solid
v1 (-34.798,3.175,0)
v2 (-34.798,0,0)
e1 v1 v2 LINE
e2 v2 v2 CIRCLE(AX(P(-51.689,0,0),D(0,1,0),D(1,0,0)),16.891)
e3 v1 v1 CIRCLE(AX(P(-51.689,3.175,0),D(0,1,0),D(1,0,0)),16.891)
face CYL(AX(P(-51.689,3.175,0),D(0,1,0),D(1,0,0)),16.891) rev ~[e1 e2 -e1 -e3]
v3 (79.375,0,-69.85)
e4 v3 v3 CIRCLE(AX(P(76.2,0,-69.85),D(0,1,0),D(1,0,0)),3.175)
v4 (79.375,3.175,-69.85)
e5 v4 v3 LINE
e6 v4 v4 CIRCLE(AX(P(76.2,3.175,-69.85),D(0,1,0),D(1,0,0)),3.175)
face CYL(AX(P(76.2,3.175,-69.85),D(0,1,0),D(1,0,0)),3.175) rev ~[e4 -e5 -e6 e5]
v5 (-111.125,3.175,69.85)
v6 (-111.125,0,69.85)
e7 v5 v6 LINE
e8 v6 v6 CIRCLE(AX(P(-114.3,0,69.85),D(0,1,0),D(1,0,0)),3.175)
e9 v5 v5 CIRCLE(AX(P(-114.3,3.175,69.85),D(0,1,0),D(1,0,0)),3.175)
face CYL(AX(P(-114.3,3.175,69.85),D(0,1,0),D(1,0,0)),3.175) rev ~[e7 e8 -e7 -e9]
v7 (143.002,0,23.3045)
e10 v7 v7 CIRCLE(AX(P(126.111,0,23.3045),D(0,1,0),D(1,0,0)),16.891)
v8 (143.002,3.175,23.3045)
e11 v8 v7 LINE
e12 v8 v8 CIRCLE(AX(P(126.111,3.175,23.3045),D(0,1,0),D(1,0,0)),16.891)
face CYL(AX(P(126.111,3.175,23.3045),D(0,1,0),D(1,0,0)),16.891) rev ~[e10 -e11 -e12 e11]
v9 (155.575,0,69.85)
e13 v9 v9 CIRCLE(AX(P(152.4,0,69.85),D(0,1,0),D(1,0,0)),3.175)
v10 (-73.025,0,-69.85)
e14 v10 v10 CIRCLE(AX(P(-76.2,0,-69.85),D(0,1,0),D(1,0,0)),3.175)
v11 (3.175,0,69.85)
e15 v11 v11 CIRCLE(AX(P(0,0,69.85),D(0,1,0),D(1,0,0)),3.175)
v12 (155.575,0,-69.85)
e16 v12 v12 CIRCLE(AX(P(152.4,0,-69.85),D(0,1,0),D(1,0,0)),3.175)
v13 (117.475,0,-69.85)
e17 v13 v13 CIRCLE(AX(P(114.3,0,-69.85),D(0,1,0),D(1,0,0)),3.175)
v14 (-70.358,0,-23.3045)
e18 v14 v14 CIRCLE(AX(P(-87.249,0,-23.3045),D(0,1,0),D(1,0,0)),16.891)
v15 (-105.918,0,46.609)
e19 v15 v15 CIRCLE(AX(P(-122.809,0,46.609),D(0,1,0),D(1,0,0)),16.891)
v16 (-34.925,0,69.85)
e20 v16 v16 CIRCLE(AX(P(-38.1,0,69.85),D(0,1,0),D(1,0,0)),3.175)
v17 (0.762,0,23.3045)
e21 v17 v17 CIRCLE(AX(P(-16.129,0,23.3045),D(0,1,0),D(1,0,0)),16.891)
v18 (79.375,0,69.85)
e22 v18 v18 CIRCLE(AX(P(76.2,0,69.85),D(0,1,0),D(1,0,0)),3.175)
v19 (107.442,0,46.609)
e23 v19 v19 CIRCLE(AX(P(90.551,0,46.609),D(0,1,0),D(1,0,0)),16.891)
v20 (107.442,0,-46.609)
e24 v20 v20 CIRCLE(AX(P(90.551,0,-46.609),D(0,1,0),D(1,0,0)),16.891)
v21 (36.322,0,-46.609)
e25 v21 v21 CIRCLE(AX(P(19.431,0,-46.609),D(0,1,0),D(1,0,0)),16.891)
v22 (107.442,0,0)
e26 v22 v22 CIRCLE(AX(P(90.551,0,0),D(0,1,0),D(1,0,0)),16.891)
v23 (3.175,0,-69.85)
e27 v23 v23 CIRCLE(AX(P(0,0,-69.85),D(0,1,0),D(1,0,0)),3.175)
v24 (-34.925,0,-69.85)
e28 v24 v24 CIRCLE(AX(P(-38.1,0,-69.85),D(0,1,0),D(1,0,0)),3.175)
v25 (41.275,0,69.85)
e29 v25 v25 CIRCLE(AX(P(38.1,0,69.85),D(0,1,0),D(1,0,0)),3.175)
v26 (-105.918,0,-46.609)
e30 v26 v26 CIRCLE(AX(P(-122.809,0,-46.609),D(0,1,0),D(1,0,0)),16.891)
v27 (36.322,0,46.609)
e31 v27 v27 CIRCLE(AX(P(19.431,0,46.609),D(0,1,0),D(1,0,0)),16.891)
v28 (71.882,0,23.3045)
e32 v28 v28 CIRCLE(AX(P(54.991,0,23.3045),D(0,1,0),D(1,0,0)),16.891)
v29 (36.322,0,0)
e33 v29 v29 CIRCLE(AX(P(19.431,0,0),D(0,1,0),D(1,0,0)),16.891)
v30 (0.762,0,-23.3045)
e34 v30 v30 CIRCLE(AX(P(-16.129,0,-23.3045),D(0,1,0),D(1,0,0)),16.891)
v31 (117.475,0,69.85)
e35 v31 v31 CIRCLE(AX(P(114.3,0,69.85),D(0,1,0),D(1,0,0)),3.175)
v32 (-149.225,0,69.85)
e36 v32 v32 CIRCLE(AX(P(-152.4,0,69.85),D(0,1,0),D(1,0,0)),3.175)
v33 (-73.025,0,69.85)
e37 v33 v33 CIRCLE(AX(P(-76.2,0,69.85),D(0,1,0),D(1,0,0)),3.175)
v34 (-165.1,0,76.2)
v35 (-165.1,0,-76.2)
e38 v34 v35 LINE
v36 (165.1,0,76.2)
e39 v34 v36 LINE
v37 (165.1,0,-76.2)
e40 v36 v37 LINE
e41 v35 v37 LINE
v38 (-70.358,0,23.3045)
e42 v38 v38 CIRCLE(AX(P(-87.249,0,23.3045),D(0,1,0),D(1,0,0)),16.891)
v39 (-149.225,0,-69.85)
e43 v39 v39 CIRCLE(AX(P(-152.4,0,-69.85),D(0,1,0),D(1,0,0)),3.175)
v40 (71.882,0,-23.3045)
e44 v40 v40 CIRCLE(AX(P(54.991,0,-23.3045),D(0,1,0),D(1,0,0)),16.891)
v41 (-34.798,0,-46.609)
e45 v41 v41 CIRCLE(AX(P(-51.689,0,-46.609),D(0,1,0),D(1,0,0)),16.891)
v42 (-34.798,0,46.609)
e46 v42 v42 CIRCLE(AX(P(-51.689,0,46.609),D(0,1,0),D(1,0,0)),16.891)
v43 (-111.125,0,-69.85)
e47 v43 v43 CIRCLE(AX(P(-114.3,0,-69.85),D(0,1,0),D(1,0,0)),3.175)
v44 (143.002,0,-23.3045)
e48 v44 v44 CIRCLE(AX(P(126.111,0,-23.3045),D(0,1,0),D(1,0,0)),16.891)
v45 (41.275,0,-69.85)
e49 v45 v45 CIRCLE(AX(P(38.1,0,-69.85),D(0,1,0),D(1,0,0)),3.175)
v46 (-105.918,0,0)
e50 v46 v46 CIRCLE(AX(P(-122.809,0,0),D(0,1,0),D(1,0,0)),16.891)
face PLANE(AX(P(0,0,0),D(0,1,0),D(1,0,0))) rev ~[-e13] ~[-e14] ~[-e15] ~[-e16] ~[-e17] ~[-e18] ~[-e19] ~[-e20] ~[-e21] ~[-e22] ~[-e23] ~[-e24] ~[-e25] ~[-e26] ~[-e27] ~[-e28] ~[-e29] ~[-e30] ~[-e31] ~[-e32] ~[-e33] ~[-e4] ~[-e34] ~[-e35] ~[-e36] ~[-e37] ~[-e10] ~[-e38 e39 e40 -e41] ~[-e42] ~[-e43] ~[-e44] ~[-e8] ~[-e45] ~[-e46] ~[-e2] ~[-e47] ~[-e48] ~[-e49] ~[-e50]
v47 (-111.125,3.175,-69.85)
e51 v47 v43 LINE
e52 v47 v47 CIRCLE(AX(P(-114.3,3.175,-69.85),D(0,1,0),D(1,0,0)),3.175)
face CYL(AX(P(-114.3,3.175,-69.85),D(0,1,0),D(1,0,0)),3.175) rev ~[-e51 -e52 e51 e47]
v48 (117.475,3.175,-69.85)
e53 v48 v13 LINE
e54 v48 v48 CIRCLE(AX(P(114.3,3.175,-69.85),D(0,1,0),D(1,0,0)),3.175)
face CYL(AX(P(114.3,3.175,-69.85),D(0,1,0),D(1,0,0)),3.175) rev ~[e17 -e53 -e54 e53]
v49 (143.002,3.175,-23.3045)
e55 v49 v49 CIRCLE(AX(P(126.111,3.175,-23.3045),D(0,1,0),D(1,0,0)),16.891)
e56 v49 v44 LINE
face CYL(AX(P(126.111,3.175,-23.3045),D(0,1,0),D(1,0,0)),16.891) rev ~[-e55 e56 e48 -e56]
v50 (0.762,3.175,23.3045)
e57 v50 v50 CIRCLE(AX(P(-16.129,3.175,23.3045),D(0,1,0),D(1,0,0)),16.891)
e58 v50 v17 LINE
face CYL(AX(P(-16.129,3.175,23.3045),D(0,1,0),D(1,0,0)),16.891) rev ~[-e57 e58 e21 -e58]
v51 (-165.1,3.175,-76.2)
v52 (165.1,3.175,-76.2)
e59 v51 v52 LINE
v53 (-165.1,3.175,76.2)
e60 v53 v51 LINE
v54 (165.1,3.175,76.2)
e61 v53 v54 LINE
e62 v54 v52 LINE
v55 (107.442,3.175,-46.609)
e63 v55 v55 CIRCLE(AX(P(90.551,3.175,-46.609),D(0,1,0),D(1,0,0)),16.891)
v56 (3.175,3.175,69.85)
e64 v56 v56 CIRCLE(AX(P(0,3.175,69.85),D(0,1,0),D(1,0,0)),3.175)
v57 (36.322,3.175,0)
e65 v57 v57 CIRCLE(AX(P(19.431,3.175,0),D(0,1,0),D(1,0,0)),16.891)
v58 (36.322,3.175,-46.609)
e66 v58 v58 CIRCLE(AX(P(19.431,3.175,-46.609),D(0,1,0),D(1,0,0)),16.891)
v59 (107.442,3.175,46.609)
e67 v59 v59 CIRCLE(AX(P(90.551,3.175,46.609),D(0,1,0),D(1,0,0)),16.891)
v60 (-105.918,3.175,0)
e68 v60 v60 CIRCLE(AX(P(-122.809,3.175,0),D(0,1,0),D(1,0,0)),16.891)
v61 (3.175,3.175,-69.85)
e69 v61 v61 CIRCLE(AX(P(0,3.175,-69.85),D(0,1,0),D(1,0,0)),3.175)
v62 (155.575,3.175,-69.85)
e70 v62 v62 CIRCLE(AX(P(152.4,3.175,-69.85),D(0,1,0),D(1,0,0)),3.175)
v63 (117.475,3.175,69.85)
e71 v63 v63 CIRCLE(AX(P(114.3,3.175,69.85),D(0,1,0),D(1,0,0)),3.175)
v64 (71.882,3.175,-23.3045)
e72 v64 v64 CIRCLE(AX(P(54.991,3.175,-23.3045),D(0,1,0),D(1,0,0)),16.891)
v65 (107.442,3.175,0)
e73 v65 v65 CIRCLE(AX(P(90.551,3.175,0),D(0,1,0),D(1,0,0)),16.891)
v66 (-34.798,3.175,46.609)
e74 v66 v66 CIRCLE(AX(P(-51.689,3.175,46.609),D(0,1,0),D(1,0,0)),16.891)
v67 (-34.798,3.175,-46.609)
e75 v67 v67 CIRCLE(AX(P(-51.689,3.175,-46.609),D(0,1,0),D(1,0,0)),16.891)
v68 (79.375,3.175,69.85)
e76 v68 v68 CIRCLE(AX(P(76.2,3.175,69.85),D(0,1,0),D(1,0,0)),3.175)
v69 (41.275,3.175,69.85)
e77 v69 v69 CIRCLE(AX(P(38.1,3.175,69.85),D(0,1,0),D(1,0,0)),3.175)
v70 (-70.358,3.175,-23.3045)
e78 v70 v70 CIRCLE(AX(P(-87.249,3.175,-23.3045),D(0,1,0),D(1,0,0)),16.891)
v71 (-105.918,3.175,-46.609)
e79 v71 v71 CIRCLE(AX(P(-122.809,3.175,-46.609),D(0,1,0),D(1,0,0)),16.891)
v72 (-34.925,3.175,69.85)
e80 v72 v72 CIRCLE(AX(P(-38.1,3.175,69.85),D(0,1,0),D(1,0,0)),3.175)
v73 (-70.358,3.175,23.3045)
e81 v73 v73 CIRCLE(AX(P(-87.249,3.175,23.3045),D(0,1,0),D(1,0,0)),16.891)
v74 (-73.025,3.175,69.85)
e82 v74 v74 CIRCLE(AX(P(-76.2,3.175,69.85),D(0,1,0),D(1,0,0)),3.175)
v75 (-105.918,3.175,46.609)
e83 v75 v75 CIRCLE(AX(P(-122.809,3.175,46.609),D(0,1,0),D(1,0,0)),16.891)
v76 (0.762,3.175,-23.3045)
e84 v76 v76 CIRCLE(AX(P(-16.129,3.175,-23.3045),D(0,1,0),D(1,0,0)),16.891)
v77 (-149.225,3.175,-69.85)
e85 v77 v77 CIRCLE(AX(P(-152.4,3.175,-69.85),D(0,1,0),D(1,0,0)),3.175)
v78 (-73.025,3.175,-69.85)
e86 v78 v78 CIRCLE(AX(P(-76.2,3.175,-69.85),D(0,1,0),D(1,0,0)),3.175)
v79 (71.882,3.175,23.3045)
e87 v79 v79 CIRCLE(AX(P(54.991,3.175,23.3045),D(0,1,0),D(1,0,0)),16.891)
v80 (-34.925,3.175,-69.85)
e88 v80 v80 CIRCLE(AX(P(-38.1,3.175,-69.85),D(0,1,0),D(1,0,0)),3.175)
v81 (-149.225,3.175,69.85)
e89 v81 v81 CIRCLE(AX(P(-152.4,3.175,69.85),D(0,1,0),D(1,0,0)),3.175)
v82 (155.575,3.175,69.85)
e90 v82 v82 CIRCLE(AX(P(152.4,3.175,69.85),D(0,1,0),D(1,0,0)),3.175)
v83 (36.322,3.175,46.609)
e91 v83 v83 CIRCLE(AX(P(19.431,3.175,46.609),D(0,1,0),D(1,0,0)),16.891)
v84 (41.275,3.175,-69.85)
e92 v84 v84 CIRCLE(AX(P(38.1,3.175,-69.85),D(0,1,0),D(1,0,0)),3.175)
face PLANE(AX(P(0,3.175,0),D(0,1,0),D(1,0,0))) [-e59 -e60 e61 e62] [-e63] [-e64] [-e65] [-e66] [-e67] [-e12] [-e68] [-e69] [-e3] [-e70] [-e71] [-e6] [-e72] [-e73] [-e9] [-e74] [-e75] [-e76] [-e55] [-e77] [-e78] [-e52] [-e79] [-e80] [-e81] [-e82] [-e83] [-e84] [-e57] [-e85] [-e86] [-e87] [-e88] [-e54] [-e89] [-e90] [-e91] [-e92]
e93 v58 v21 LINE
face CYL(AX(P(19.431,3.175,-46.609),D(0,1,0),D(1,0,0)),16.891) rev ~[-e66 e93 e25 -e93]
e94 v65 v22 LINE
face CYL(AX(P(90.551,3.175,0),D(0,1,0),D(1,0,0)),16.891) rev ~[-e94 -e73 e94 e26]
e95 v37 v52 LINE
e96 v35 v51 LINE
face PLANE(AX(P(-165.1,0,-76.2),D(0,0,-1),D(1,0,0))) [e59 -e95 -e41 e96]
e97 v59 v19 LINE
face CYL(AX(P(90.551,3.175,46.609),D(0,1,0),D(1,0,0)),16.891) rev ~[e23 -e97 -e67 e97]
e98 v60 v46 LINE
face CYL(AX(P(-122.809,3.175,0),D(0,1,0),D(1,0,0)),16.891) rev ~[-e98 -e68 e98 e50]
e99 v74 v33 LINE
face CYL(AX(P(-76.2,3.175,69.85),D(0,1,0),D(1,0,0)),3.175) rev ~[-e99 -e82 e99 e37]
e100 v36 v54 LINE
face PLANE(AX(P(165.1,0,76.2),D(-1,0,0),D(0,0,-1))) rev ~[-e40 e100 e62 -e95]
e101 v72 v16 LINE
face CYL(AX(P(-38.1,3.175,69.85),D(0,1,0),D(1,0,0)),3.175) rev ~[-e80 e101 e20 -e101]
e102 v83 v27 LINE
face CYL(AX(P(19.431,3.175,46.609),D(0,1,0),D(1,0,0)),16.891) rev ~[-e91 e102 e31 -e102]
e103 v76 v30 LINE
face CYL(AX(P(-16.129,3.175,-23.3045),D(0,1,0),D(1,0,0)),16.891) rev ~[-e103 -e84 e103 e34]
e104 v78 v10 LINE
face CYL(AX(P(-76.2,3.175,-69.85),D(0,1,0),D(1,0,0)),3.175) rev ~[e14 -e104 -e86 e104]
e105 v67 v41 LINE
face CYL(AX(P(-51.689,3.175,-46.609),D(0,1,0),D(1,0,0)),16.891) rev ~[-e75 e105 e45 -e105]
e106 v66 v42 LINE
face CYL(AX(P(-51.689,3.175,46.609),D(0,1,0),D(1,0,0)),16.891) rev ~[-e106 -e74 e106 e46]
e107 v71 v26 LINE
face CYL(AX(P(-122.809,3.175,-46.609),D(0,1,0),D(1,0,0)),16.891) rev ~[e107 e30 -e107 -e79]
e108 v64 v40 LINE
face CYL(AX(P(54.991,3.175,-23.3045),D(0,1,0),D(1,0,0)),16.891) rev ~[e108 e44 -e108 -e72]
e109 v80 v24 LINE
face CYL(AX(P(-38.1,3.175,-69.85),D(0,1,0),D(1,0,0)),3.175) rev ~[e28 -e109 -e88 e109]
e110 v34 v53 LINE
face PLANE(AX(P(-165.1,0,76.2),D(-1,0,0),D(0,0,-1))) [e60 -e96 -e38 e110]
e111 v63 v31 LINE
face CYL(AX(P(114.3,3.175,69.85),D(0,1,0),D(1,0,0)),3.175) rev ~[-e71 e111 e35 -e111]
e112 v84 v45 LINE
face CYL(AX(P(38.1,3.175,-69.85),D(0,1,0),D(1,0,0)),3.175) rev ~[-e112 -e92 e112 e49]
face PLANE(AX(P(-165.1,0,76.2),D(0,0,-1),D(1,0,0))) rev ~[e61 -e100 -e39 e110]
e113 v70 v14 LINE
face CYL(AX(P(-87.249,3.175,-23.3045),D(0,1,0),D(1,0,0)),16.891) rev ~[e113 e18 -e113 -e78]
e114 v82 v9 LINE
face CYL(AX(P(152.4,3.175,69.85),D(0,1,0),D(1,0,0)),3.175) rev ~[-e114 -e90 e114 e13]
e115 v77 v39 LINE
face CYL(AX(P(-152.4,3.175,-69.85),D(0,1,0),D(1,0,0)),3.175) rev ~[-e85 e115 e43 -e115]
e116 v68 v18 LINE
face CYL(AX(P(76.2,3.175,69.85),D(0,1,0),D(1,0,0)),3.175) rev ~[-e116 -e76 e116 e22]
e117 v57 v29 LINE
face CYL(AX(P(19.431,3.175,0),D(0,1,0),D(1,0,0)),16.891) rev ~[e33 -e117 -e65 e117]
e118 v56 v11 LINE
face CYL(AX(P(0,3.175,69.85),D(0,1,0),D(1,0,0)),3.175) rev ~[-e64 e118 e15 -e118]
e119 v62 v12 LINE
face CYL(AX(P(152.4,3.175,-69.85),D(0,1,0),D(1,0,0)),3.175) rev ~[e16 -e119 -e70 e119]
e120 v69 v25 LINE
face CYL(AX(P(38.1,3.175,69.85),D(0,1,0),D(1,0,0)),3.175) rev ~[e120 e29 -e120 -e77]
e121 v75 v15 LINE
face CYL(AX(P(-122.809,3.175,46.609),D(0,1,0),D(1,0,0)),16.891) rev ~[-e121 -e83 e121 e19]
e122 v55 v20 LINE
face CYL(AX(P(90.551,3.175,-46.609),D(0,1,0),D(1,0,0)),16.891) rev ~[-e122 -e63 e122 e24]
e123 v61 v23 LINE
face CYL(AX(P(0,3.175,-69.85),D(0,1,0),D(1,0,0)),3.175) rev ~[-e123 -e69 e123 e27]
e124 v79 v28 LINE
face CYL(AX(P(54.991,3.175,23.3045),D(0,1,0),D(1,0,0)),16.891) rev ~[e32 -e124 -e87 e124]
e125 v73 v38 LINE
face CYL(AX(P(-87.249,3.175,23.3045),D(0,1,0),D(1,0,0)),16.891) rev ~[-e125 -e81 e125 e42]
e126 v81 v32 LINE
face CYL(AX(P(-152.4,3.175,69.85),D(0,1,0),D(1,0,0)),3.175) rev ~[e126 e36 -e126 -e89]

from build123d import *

# Parameters (mm, degrees)
SKETCH1_W           = 330.2
SKETCH1_H           = 152.4
BOSS_EXTRUDE1_DEPTH = 3.175
SKETCH2_R           = 3.175
CUT_EXTRUDE1_DEPTH  = 4.175
SKETCH3_R           = 16.891
CUT_EXTRUDE2_DEPTH  = 4.175


with BuildPart() as part:
    # Sketch1 → Boss-Extrude1 (new body)
    with BuildSketch(Plane(origin=(0, 0, 0), x_dir=(1, 0, 0), z_dir=(0, 1, 0))):
        Rectangle(SKETCH1_W, SKETCH1_H)
    extrude(amount=BOSS_EXTRUDE1_DEPTH)

    # Sketch2 → Cut-Extrude1 (cut, through all)
    with BuildSketch(Plane(origin=(0, 3.175, 0), x_dir=(1, 0, 0), z_dir=(0, 1, 0))):
        with Locations((-152.4, 69.85)):
            Circle(SKETCH2_R)
        with Locations((-114.3, 69.85)):
            Circle(SKETCH2_R)
        with Locations((-76.2, 69.85)):
            Circle(SKETCH2_R)
        with Locations((-38.1, 69.85)):
            Circle(SKETCH2_R)
        with Locations((0, 69.85)):
            Circle(SKETCH2_R)
        with Locations((38.1, 69.85)):
            Circle(SKETCH2_R)
        with Locations((76.2, 69.85)):
            Circle(SKETCH2_R)
        with Locations((114.3, 69.85)):
            Circle(SKETCH2_R)
        with Locations((152.4, 69.85)):
            Circle(SKETCH2_R)
        with Locations((-114.3, -69.85)):
            Circle(SKETCH2_R)
        with Locations((-76.2, -69.85)):
            Circle(SKETCH2_R)
        with Locations((-38.1, -69.85)):
            Circle(SKETCH2_R)
        with Locations((0, -69.85)):
            Circle(SKETCH2_R)
        with Locations((38.1, -69.85)):
            Circle(SKETCH2_R)
        with Locations((76.2, -69.85)):
            Circle(SKETCH2_R)
        with Locations((114.3, -69.85)):
            Circle(SKETCH2_R)
        with Locations((152.4, -69.85)):
            Circle(SKETCH2_R)
        with Locations((-152.4, -69.85)):
            Circle(SKETCH2_R)
    extrude(amount=-CUT_EXTRUDE1_DEPTH, mode=Mode.SUBTRACT)

    # Sketch3 → Cut-Extrude2 (cut, through all)
    with BuildSketch(Plane(origin=(0, 3.175, 0), x_dir=(1, 0, 0), z_dir=(0, 1, 0))):
        with Locations((-122.809, 46.609)):
            Circle(SKETCH3_R)
        with Locations((-122.809, 0)):
            Circle(SKETCH3_R)
        with Locations((-122.809, -46.609)):
            Circle(SKETCH3_R)
        with Locations((-87.249, 23.3045)):
            Circle(SKETCH3_R)
        with Locations((-87.249, -23.3045)):
            Circle(SKETCH3_R)
        with Locations((-51.689, 0)):
            Circle(SKETCH3_R)
        with Locations((-51.689, -46.609)):
            Circle(SKETCH3_R)
        with Locations((-16.129, -23.3045)):
            Circle(SKETCH3_R)
        with Locations((-51.689, 46.609)):
            Circle(SKETCH3_R)
        with Locations((-16.129, 23.3045)):
            Circle(SKETCH3_R)
        with Locations((19.431, 0)):
            Circle(SKETCH3_R)
        with Locations((19.431, -46.609)):
            Circle(SKETCH3_R)
        with Locations((54.991, -23.3045)):
            Circle(SKETCH3_R)
        with Locations((19.431, 46.609)):
            Circle(SKETCH3_R)
        with Locations((54.991, 23.3045)):
            Circle(SKETCH3_R)
        with Locations((90.551, 0)):
            Circle(SKETCH3_R)
        with Locations((90.551, -46.609)):
            Circle(SKETCH3_R)
        with Locations((126.111, -23.3045)):
            Circle(SKETCH3_R)
        with Locations((90.551, 46.609)):
            Circle(SKETCH3_R)
        with Locations((126.111, 23.3045)):
            Circle(SKETCH3_R)
    extrude(amount=-CUT_EXTRUDE2_DEPTH, mode=Mode.SUBTRACT)


solid = part.part
